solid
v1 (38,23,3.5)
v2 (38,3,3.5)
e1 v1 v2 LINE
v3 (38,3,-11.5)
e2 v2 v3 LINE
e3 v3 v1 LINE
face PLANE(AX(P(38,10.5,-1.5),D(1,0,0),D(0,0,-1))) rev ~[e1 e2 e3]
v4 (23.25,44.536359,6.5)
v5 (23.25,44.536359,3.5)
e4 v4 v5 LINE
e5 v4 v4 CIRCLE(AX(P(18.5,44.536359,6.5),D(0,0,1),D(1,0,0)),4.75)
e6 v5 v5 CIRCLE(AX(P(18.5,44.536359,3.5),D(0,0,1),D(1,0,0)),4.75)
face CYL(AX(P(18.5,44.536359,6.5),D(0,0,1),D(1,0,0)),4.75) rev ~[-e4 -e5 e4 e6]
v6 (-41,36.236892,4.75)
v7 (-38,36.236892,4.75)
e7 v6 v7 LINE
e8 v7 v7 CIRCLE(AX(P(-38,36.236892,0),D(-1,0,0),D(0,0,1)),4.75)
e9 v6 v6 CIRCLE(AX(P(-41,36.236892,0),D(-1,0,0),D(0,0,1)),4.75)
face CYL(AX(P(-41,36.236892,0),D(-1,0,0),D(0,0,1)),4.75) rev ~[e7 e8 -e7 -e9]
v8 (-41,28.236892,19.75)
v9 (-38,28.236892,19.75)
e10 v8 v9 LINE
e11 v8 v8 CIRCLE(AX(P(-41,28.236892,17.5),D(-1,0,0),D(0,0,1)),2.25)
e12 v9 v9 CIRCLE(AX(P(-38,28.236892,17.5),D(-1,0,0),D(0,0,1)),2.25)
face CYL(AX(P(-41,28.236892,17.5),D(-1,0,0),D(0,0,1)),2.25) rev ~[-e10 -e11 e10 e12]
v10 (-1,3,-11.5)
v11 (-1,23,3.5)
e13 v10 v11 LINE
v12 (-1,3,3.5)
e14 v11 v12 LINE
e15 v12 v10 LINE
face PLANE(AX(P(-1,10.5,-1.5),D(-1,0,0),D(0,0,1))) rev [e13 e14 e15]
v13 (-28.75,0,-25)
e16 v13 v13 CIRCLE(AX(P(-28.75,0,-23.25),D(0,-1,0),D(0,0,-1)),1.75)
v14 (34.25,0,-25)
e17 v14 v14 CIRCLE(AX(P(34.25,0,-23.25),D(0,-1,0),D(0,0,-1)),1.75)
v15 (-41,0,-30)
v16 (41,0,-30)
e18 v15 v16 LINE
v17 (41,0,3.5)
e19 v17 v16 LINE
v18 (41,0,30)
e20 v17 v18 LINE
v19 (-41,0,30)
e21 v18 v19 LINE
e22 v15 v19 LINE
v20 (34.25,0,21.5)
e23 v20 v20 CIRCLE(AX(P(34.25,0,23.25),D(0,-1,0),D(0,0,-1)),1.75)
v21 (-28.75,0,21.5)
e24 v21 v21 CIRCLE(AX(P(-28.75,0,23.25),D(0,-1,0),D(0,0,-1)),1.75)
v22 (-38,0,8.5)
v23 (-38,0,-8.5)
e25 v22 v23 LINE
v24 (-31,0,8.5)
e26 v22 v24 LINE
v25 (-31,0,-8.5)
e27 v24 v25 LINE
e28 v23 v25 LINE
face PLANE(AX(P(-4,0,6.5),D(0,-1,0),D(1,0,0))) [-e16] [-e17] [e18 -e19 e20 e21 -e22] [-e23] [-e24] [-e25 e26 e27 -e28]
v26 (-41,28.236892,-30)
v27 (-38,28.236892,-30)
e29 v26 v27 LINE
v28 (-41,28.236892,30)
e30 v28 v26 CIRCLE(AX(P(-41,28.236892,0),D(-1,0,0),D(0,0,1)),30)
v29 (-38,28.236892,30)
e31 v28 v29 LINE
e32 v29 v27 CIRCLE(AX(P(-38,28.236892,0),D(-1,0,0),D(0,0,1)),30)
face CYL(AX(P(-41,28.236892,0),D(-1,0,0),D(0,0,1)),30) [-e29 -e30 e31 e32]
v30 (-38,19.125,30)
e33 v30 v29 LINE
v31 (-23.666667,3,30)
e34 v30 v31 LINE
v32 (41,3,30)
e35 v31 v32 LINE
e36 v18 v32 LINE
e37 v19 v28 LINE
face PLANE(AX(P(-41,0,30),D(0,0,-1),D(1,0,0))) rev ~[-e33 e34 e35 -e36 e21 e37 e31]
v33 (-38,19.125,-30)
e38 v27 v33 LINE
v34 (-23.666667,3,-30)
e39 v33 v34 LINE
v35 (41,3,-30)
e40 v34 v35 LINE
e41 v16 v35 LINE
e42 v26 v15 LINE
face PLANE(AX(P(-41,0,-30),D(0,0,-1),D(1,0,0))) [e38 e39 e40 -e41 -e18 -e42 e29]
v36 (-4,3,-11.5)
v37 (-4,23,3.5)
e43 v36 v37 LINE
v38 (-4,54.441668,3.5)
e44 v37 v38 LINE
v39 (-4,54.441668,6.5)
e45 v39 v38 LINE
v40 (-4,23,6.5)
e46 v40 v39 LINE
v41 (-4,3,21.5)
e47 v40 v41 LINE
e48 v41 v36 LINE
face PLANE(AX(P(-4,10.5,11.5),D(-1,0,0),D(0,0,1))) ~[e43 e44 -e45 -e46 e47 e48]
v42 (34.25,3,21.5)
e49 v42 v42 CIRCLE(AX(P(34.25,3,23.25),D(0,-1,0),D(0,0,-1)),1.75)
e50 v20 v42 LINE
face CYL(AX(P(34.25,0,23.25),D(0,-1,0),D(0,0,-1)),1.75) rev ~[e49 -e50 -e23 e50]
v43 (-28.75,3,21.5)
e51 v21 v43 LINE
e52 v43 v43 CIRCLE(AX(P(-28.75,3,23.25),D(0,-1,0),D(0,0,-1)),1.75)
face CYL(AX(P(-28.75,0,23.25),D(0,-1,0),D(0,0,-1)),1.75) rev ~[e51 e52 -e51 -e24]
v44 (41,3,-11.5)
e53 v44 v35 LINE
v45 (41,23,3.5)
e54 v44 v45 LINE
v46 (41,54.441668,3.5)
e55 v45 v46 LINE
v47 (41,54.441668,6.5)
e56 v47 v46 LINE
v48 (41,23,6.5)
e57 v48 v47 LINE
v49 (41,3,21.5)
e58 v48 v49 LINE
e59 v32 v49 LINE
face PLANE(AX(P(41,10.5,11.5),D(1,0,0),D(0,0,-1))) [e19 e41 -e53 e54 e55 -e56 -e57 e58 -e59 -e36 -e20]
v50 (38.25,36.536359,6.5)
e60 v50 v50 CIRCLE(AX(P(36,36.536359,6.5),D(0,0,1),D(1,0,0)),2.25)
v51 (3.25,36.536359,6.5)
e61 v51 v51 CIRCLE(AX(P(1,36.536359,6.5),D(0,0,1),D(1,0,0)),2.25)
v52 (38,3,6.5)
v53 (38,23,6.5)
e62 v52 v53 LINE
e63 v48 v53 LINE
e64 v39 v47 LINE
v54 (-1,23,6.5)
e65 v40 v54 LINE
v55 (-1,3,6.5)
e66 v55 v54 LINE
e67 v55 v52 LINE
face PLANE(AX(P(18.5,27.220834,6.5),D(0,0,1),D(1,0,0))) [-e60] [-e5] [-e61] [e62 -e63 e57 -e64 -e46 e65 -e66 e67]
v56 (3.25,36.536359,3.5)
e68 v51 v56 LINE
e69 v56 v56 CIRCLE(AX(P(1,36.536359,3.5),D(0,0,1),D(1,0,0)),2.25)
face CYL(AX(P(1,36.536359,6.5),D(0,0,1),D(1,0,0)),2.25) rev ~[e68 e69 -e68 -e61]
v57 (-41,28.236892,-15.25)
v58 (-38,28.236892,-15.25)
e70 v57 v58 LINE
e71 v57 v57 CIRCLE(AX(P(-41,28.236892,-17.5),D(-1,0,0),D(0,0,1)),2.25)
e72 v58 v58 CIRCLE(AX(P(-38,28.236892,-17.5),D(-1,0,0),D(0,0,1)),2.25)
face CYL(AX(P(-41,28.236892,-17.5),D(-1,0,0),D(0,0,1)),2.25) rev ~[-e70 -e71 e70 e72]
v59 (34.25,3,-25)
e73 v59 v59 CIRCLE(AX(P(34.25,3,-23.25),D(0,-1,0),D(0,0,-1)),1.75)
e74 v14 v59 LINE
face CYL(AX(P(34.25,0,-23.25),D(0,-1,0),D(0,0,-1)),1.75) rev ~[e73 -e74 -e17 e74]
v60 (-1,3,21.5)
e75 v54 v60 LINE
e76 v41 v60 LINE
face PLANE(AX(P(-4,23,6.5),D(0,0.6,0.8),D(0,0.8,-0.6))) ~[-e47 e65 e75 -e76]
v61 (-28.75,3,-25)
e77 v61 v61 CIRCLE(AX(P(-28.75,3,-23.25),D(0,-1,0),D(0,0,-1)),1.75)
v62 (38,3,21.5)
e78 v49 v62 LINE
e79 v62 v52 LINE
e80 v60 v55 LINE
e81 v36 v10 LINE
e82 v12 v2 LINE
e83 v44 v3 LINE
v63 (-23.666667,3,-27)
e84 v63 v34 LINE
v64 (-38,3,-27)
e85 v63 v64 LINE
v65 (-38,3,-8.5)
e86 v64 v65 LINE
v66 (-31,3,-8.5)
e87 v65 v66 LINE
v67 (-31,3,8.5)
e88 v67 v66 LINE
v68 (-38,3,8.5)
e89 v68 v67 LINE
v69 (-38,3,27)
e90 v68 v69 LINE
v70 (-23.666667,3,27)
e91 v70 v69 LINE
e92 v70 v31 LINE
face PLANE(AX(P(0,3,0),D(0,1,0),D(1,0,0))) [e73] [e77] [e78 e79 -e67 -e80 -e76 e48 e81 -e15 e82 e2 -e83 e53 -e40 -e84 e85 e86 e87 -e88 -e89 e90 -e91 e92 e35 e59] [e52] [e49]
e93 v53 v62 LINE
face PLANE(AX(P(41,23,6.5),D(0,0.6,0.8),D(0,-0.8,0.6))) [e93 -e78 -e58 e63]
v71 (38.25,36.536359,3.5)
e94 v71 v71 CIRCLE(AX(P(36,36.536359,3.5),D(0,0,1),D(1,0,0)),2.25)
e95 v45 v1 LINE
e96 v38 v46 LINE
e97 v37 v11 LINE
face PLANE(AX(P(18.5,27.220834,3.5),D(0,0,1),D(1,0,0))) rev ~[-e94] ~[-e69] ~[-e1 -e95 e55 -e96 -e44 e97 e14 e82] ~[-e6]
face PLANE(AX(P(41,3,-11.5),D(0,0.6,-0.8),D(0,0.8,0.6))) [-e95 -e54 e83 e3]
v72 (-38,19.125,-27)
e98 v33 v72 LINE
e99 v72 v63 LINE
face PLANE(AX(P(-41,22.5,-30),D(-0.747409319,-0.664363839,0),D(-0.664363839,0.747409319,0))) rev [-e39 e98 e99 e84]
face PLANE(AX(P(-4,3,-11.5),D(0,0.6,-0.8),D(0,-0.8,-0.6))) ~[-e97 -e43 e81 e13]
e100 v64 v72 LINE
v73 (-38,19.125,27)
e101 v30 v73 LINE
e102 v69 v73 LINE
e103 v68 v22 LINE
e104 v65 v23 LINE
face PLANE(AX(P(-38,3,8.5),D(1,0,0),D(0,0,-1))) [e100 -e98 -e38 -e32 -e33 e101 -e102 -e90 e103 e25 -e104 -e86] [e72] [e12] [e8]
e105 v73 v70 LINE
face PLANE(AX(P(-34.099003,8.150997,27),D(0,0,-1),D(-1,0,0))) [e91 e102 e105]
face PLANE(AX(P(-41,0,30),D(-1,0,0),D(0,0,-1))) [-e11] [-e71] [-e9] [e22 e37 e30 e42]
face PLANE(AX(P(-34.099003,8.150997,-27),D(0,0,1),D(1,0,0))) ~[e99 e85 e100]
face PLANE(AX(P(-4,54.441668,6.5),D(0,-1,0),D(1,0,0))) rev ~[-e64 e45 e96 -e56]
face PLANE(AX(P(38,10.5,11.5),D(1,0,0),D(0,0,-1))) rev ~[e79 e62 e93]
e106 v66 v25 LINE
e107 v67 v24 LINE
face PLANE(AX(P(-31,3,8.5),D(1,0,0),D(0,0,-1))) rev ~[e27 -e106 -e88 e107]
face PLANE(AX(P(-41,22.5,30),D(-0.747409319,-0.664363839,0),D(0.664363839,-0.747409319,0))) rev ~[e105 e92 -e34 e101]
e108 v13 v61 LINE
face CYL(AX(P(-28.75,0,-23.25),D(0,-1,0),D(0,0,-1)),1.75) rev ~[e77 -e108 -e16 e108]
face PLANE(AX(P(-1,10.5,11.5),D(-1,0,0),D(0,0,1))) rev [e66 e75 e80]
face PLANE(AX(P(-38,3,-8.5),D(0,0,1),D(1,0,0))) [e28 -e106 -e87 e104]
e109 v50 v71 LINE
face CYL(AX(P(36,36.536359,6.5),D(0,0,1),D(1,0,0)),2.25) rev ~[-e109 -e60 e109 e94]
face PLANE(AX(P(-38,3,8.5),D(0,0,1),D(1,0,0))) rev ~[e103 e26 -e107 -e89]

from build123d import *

# Parameters (mm, degrees)
SKETCH1_W           = 82
SKETCH1_H           = 60
BOSS_EXTRUDE1_DEPTH = 3
BOSS_EXTRUDE2_DEPTH = 3
SKETCH3_R           = 2.25
SKETCH3_R_2         = 4.75
BOSS_EXTRUDE3_DEPTH = 3
SKETCH4_W           = 7
SKETCH4_H           = 17
CUT_EXTRUDE1_DEPTH  = 3
BOSS_EXTRUDE4_START = -23.5
SKETCH5_W           = 45
SKETCH5_H           = 54.441667663
BOSS_EXTRUDE4_DEPTH = 3
SKETCH6_R           = 2.25
SKETCH6_R_2         = 4.75
CUT_EXTRUDE2_DEPTH  = 3
BOSS_EXTRUDE5_DEPTH = 3
SKETCH8_R           = 1.75
CUT_EXTRUDE3_DEPTH  = 3


with BuildPart() as part:
    # Sketch1 → Boss-Extrude1 (new body)
    with BuildSketch(Plane(origin=(0, 0, 0), x_dir=(1, 0, 0), z_dir=(0, 1, 0))):
        Rectangle(SKETCH1_W, SKETCH1_H)
    extrude(amount=BOSS_EXTRUDE1_DEPTH)

    # Sketch2 → Boss-Extrude2 (add)
    with BuildSketch(Plane.XY.offset(30)):
        Polygon((-41, 0), (-41, 22.5), (-21, 0), align=None)
    boss_extrude2 = extrude(amount=-BOSS_EXTRUDE2_DEPTH)

    # Mirror1: Boss-Extrude2 across plane
    add(boss_extrude2.mirror(Plane.XY))

    # Sketch3 → Boss-Extrude3 (add)
    with BuildSketch(Plane.ZY.offset(41)):
        with BuildLine():
            Line((-30, 0), (30, 0))
            Line((30, 0), (30, 28.236891946))
            ThreePointArc((30, 28.236891946), (0, 58.236891946), (-30, 28.236891946))
            Line((-30, 28.236891946), (-30, 0))
        make_face()
        with Locations((-17.5, 28.236891946)):
            Circle(SKETCH3_R, mode=Mode.SUBTRACT)
        with Locations((17.5, 28.236891946)):
            Circle(SKETCH3_R, mode=Mode.SUBTRACT)
        with Locations((0, 36.236891946)):
            Circle(SKETCH3_R_2, mode=Mode.SUBTRACT)
    extrude(amount=-BOSS_EXTRUDE3_DEPTH)

    # Sketch4 → Cut-Extrude1 (cut)
    with BuildSketch(Plane(origin=(0, 3, 0), x_dir=(1, 0, 0), z_dir=(0, 1, 0))):
        with Locations((-34.5, 0)):
            Rectangle(SKETCH4_W, SKETCH4_H)
    extrude(amount=-CUT_EXTRUDE1_DEPTH, mode=Mode.SUBTRACT)

    # Sketch5 → Boss-Extrude4 (add)
    with BuildSketch(Plane.XY.offset(30).offset(BOSS_EXTRUDE4_START)):
        with Locations((18.5, 27.220833832)):
            Rectangle(SKETCH5_W, SKETCH5_H)
    extrude(amount=-BOSS_EXTRUDE4_DEPTH)

    # Sketch6 → Cut-Extrude2 (cut)
    with BuildSketch(Plane.XY.offset(6.5)):
        with Locations((1, 36.536359397)):
            Circle(SKETCH6_R)
        with Locations((36, 36.536359397)):
            Circle(SKETCH6_R)
        with Locations((18.5, 44.536359397)):
            Circle(SKETCH6_R_2)
    extrude(amount=-CUT_EXTRUDE2_DEPTH, mode=Mode.SUBTRACT)

    # Sketch7 → Boss-Extrude5 (add)
    with BuildSketch(Plane(origin=(41, 0, 0), x_dir=(0, 0, -1), z_dir=(1, 0, 0))):
        Polygon((-21.5, 3), (-6.5, 3), (-6.5, 23), align=None)
        Polygon((-3.5, 3), (11.5, 3), (-3.5, 23), align=None)
    boss_extrude5 = extrude(amount=-BOSS_EXTRUDE5_DEPTH)

    # Mirror2: Boss-Extrude5 across plane
    add(boss_extrude5.mirror(Plane.ZY.offset(-18.5)))

    # Sketch8 → Cut-Extrude3 (cut)
    with BuildSketch(Plane.XZ):
        with Locations(Location((-28.75, 23.25, 0), (0, 0, 270))):
            Circle(SKETCH8_R)
        with Locations(Location((34.25, 23.25, 0), (0, 0, 270))):
            Circle(SKETCH8_R)
        with Locations(Location((34.25, -23.25, 0), (0, 0, 270))):
            Circle(SKETCH8_R)
        with Locations(Location((-28.75, -23.25, 0), (0, 0, 270))):
            Circle(SKETCH8_R)
    extrude(amount=-CUT_EXTRUDE3_DEPTH, mode=Mode.SUBTRACT)


solid = part.part
